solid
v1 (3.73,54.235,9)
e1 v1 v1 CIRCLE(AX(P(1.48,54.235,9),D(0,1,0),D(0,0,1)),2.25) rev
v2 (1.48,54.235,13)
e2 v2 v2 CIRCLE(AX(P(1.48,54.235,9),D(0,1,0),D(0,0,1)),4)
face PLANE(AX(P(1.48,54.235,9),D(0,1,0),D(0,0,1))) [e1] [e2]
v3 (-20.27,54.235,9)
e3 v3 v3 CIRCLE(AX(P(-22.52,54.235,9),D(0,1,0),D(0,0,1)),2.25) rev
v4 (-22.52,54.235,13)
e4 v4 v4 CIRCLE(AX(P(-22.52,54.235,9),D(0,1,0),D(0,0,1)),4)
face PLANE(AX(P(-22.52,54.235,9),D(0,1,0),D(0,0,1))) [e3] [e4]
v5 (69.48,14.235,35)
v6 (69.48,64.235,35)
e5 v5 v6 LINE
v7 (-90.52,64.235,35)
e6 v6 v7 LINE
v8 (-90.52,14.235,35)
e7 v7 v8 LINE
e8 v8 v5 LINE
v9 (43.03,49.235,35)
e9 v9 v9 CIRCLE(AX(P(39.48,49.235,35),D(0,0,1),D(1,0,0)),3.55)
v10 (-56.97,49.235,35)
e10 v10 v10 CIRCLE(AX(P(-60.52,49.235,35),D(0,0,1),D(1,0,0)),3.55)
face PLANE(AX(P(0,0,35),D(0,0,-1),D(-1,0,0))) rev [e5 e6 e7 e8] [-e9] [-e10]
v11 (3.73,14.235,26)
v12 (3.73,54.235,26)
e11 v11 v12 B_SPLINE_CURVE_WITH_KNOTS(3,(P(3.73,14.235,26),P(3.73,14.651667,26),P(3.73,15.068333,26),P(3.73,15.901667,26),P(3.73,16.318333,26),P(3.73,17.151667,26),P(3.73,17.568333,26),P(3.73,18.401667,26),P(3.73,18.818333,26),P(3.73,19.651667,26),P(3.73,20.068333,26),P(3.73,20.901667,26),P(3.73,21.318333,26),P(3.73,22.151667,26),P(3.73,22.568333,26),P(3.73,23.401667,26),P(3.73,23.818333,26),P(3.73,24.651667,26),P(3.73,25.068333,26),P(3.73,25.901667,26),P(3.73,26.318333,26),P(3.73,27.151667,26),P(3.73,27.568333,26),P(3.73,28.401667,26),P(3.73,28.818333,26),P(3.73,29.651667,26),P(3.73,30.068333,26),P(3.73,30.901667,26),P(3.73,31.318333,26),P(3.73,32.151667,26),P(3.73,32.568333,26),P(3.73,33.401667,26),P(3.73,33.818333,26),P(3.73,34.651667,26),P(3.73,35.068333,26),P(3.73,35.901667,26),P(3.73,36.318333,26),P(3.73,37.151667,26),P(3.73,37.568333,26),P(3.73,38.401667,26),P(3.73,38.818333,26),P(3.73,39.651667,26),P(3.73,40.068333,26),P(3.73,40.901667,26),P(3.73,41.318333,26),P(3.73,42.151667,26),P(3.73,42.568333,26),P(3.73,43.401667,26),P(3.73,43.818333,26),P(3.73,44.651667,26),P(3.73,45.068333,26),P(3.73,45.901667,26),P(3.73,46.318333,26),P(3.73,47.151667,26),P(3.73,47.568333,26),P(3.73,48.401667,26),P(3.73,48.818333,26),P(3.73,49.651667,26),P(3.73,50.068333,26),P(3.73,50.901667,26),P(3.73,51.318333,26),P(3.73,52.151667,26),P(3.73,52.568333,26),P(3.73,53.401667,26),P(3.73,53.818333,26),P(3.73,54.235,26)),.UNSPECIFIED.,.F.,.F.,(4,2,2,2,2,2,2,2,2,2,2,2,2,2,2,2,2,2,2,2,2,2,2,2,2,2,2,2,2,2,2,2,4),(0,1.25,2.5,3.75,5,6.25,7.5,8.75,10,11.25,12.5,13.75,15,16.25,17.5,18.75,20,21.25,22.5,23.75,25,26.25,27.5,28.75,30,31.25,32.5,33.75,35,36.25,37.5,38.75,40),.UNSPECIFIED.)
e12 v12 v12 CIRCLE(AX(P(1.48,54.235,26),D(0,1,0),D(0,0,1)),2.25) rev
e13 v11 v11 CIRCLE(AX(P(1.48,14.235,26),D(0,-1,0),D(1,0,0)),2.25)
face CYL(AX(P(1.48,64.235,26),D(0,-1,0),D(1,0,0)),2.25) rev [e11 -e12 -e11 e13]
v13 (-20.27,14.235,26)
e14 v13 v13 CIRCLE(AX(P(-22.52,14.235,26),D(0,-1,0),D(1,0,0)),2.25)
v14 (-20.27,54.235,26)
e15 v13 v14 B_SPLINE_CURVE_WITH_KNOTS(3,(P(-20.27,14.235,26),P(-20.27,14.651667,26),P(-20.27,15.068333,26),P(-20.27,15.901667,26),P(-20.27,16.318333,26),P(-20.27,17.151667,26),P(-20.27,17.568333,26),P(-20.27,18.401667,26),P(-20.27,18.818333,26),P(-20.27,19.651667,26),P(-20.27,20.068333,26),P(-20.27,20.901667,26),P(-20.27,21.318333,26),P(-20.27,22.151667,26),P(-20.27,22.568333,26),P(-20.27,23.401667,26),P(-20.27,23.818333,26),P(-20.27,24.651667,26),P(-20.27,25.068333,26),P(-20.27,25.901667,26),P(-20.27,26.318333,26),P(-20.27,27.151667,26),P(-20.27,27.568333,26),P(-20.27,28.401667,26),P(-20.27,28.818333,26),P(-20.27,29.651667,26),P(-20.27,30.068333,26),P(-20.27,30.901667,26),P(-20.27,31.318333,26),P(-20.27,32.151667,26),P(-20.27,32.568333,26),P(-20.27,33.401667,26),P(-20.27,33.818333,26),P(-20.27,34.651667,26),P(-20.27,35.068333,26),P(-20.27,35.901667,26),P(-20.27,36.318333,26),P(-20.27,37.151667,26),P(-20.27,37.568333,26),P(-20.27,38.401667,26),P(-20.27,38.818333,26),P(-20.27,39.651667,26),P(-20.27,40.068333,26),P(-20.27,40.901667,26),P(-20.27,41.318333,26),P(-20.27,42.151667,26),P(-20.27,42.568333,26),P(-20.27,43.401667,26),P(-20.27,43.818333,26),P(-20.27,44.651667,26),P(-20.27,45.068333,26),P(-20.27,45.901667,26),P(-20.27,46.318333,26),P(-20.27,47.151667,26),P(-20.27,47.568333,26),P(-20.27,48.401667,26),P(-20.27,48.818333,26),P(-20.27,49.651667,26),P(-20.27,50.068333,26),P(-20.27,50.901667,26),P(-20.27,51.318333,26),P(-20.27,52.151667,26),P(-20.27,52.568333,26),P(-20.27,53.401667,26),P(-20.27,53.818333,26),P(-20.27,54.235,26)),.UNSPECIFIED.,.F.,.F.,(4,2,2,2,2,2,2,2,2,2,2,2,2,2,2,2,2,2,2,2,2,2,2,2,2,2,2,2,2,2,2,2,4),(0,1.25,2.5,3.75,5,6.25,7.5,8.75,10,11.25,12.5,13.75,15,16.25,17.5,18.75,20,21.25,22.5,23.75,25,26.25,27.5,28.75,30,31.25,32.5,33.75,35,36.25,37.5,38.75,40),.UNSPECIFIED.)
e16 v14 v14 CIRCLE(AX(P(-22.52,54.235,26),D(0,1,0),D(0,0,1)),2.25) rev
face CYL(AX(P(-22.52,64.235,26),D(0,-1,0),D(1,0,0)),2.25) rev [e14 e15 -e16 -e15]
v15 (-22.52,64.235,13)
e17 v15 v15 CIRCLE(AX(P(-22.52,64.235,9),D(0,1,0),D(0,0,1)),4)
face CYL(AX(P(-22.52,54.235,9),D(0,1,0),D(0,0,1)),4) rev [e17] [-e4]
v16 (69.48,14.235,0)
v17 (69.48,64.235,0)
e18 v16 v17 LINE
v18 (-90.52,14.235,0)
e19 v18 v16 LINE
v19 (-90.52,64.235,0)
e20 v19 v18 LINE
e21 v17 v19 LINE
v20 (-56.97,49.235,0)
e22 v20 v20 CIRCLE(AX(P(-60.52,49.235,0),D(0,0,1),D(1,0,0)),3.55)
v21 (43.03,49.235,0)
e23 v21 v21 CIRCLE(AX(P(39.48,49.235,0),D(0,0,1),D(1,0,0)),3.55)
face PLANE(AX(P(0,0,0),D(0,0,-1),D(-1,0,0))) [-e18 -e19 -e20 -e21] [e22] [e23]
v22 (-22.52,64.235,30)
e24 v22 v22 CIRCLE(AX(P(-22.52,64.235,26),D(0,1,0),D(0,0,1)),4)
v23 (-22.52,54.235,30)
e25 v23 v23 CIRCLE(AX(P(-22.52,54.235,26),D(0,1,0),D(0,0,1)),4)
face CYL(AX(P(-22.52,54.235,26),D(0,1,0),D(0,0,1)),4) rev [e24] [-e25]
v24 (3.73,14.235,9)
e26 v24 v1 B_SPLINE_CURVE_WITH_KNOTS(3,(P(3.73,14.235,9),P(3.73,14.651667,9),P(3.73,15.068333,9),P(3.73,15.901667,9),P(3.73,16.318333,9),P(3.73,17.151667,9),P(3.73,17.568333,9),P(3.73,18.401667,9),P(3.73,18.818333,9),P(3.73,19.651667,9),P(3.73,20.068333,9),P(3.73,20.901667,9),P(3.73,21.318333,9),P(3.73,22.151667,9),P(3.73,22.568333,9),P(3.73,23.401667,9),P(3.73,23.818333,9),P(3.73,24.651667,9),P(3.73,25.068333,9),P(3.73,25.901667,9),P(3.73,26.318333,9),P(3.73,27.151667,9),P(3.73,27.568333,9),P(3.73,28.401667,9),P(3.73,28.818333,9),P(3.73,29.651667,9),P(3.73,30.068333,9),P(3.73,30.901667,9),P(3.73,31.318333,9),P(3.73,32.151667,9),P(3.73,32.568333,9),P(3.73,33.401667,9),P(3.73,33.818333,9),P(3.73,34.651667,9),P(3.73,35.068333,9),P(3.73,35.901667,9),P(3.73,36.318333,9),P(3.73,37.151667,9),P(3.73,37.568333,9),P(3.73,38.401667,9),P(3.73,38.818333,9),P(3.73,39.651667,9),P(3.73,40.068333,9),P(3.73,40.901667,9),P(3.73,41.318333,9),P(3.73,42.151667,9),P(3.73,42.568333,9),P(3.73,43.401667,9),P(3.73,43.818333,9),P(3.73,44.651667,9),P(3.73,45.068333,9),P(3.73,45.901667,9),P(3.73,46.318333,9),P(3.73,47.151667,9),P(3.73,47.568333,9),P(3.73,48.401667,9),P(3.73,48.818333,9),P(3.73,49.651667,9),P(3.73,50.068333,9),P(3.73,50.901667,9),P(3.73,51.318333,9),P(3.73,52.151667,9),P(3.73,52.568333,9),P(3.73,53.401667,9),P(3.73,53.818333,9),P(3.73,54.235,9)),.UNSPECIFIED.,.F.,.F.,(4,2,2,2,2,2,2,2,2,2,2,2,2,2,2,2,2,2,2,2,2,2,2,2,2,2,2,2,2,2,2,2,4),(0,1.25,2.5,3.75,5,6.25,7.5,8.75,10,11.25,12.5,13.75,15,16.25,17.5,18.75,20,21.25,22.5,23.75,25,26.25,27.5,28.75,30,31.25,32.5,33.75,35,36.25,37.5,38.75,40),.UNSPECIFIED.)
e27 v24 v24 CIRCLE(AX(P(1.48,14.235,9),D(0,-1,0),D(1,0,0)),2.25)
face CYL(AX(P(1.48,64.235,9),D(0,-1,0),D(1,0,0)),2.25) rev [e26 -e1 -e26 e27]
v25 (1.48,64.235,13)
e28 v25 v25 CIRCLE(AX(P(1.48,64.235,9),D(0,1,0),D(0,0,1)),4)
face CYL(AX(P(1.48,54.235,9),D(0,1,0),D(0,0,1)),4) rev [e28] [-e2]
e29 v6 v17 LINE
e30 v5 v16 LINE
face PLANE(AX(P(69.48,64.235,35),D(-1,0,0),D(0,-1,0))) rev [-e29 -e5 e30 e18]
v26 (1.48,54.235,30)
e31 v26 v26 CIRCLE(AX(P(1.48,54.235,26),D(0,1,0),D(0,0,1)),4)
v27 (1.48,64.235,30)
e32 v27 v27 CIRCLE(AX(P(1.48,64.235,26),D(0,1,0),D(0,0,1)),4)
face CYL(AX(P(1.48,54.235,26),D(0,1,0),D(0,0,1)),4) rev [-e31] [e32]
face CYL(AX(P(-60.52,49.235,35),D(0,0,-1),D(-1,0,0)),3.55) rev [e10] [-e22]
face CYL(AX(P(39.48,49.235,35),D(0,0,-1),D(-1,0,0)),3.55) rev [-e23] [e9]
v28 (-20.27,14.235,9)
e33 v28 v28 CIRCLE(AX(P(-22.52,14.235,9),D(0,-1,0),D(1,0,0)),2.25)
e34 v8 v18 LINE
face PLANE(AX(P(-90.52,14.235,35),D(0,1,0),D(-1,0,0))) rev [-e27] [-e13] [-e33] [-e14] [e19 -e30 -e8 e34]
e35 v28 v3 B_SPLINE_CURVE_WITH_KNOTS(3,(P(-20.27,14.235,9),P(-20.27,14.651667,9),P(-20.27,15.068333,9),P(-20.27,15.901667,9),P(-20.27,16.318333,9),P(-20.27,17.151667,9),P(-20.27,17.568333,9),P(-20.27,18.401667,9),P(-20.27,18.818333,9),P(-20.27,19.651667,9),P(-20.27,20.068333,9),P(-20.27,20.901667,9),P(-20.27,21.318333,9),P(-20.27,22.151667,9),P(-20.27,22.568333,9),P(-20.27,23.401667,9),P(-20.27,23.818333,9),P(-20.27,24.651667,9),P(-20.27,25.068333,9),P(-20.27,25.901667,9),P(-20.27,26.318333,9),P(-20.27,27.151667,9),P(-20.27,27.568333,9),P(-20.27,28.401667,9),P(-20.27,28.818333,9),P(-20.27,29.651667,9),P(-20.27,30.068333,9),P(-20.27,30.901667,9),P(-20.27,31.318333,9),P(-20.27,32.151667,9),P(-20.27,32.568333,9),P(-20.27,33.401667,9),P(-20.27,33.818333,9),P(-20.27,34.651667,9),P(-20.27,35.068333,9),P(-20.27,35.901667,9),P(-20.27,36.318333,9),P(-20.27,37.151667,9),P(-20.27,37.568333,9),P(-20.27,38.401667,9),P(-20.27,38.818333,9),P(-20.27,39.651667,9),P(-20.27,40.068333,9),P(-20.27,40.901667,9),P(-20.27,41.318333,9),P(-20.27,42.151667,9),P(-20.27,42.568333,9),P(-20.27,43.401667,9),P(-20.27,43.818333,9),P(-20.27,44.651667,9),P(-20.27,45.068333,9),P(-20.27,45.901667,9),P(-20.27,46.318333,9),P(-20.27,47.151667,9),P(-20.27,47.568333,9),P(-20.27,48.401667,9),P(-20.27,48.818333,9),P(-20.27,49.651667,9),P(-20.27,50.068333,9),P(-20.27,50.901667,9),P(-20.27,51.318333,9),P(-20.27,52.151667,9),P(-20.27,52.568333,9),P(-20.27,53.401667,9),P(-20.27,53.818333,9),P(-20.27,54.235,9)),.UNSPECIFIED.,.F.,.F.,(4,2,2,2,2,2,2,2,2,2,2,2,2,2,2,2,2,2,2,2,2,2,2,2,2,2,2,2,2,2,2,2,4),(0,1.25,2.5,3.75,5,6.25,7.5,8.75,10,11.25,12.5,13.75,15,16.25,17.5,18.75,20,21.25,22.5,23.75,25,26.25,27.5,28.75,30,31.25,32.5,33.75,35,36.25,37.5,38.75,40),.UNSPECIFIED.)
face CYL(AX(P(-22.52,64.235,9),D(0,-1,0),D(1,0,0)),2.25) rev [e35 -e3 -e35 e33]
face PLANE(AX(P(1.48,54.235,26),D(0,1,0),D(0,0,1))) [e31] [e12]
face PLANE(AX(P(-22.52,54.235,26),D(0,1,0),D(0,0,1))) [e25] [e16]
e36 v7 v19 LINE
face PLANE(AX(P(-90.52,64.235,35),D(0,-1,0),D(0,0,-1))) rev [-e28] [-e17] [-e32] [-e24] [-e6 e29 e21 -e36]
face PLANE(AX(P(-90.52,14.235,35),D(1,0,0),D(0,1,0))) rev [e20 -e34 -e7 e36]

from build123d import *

# Parameters (mm, degrees)
SKETCH2_R           = 3.55
BOSS_EXTRUDE1_DEPTH = 35
SKETCH3_R           = 2.25
CUT_EXTRUDE1_DEPTH  = 110.173579221
SKETCH5_R           = 4
CUT_EXTRUDE3_DEPTH  = 10


with BuildPart() as part:
    # Sketch2 → Boss-Extrude1 (new body)
    with BuildSketch(Plane.XY):
        Polygon((-90.52, 14.235), (-90.52, 64.235), (-25.52, 64.235), (4.48, 64.235), (69.48, 64.235), (69.48, 14.235), align=None)
        with Locations((-60.52, 49.235)):
            Circle(SKETCH2_R, mode=Mode.SUBTRACT)
        with Locations((39.48, 49.235)):
            Circle(SKETCH2_R, mode=Mode.SUBTRACT)
    extrude(amount=BOSS_EXTRUDE1_DEPTH)

    # Sketch3 → Cut-Extrude1 (cut, through all)
    with BuildSketch(Plane.XZ.offset(-14.235)):
        with Locations((-22.52, 26)):
            Circle(SKETCH3_R)
        with Locations((1.48, 26)):
            Circle(SKETCH3_R)
        with Locations((-22.52, 9)):
            Circle(SKETCH3_R)
        with Locations((1.48, 9)):
            Circle(SKETCH3_R)
    extrude(amount=-CUT_EXTRUDE1_DEPTH, mode=Mode.SUBTRACT)

    # Sketch5 → Cut-Extrude3 (cut)
    with BuildSketch(Plane(origin=(0, 64.235, 0), x_dir=(1, 0, 0), z_dir=(0, 1, 0))):
        with Locations(Location((-22.52, -9, 0), (0, 0, 270))):
            Circle(SKETCH5_R)
        with Locations(Location((-22.52, -26, 0), (0, 0, 270))):
            Circle(SKETCH5_R)
        with Locations(Location((1.48, -26, 0), (0, 0, 270))):
            Circle(SKETCH5_R)
        with Locations(Location((1.48, -9, 0), (0, 0, 270))):
            Circle(SKETCH5_R)
    extrude(amount=-CUT_EXTRUDE3_DEPTH, mode=Mode.SUBTRACT)


solid = part.part
